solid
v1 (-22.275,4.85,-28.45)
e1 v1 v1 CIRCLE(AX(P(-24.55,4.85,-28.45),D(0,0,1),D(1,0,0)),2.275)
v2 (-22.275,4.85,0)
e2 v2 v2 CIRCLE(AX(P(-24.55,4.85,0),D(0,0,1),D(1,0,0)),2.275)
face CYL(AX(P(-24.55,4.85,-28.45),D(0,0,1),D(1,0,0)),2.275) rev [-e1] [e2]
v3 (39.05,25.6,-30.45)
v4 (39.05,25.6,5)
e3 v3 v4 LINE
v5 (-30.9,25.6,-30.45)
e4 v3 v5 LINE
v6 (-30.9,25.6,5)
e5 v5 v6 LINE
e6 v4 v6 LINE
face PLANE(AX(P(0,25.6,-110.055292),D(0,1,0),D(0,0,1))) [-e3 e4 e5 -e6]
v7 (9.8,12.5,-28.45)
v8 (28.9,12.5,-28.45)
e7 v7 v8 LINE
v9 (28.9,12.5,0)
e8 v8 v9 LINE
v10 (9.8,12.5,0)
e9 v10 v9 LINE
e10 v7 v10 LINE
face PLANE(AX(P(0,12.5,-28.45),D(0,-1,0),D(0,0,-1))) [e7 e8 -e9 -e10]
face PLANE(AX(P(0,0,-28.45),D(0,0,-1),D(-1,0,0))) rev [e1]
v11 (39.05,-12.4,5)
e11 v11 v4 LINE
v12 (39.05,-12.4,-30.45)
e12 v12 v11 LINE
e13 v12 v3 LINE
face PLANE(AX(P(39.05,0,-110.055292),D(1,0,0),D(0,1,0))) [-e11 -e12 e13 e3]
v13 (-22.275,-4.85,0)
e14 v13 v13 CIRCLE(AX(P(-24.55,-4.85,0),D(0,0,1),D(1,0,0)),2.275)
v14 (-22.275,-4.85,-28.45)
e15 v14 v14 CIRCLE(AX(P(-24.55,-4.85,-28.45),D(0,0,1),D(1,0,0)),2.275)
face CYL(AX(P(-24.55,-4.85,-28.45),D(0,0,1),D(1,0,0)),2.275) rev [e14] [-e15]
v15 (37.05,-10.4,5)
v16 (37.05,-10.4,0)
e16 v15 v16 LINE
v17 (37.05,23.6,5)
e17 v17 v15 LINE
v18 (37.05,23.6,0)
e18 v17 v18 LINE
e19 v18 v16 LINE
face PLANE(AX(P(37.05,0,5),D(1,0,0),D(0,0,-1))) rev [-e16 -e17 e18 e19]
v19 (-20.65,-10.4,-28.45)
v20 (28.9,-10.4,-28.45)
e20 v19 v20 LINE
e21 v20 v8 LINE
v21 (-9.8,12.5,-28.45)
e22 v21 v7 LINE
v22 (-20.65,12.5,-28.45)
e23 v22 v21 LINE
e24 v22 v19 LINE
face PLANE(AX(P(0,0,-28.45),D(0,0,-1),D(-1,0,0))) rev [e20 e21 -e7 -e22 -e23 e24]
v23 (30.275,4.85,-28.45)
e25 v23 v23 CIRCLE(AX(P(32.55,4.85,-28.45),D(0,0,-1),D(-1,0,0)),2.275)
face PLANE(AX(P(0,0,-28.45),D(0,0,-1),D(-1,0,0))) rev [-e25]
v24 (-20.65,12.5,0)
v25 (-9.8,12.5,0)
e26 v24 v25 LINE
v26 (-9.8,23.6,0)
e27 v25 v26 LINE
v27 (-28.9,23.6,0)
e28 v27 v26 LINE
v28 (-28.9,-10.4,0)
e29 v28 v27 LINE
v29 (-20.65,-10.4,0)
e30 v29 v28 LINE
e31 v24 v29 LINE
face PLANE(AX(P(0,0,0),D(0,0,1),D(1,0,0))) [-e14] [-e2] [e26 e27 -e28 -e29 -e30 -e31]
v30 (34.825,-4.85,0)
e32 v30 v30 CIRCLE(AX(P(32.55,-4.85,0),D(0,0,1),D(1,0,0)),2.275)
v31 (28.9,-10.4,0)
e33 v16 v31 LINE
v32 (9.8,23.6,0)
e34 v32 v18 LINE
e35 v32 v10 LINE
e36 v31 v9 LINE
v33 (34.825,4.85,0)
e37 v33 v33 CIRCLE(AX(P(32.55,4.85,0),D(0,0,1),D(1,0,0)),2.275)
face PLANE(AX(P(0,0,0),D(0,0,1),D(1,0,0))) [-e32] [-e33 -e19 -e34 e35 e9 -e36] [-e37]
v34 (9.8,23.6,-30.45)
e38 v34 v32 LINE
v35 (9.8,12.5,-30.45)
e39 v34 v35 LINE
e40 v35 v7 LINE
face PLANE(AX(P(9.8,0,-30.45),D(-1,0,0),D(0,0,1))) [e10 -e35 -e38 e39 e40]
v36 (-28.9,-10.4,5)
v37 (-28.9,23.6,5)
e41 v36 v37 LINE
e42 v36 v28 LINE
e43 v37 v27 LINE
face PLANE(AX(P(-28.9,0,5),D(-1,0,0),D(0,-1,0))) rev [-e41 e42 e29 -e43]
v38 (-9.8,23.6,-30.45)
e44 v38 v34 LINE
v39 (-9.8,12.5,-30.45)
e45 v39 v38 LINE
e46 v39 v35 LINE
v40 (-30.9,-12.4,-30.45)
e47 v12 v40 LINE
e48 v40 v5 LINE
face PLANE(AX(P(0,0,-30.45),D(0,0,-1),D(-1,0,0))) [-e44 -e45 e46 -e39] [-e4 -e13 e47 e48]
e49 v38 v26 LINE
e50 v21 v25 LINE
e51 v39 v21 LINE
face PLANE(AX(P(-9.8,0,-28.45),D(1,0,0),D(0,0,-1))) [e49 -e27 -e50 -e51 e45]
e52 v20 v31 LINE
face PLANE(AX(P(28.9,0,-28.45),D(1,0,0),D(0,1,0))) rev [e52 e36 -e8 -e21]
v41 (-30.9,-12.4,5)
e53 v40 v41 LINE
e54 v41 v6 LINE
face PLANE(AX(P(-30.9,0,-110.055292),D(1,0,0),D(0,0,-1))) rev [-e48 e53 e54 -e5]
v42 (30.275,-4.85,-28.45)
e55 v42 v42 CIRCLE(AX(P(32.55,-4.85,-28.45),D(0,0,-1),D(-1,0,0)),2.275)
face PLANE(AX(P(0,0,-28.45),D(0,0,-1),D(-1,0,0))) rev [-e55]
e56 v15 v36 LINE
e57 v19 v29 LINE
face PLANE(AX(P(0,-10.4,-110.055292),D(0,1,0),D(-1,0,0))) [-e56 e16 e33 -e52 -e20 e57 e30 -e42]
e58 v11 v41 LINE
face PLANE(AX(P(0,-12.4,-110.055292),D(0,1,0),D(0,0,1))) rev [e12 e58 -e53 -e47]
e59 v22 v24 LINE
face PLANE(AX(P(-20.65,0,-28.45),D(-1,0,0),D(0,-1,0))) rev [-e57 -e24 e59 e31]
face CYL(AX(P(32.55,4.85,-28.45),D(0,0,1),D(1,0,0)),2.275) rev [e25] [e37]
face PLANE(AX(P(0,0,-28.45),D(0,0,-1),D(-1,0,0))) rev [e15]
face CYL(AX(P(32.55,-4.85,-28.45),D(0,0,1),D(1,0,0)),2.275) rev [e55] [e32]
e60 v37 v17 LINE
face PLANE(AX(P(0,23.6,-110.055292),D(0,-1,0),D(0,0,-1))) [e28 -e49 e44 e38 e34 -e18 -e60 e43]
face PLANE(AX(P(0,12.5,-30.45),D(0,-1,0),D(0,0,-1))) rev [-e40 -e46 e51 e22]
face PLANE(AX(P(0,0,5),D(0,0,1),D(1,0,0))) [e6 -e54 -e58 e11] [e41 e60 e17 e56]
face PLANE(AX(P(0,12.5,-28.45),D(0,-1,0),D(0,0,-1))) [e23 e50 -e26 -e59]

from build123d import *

# Parameters (mm, degrees)
SKETCH1_W           = 8.25
SKETCH1_H           = 2.1
SKETCH1_H_2         = 20.8
SKETCH1_R           = 2.275
BOSS_EXTRUDE1_DEPTH = 28.45
BOSS_EXTRUDE2_START = -28.45
SKETCH1_4_W         = 8.25
SKETCH1_4_H         = 2.1
SKETCH1_4_H_2       = 20.8
SKETCH1_4_R         = 2.275
SKETCH1_4_W_2       = 40.9
SKETCH1_4_W_3       = 0.2
SKETCH1_4_W_4       = 8.45
SKETCH1_4_R_2       = 1.7
BOSS_EXTRUDE2_DEPTH = 2
SKETCH1_5_W         = 69.95
SKETCH1_5_H         = 38
BOSS_EXTRUDE3_DEPTH = 30.45
SKETCH1_6_W         = 69.95
SKETCH1_6_H         = 38
BOSS_EXTRUDE4_DEPTH = 5


with BuildPart() as part:
    # Sketch1 → Boss-Extrude1 (new body)
    # profile 1 of 5: a face of its own
    with BuildSketch(Plane.XY):
        Polygon((-28.9, 12.5), (-20.65, 12.5), (-9.8, 12.5), (-9.8, 23.6), (-28.9, 23.6), align=None)
    # profile 2 of 5: a face of its own
    with BuildSketch(Plane.XY):
        with Locations((-24.775, 11.45)):
            Rectangle(SKETCH1_W, SKETCH1_H)
    # profile 3 of 5: a face of its own
    with BuildSketch(Plane.XY):
        with Locations((-24.775, 0)):
            Rectangle(SKETCH1_W, SKETCH1_H_2)
        with Locations((-24.55, -4.85)):
            Circle(SKETCH1_R, mode=Mode.SUBTRACT)
        with Locations((-24.55, 4.85)):
            Circle(SKETCH1_R, mode=Mode.SUBTRACT)
    # profile 4 of 5: a face of its own
    with BuildSketch(Plane.XY):
        Polygon((9.8, 12.5), (20.45, 12.5), (28.9, 12.5), (37.05, 12.5), (37.05, 23.6), (9.8, 23.6), align=None)
    # profile 5 of 5: a face of its own
    with BuildSketch(Plane.XY):
        Polygon((28.9, 12.5), (28.9, 10.4), (28.9, -10.4), (37.05, -10.4), (37.05, 12.5), align=None)
        with Locations((32.55, -4.85)):
            Circle(SKETCH1_R, mode=Mode.SUBTRACT)
        with Locations((32.55, 4.85)):
            Circle(SKETCH1_R, mode=Mode.SUBTRACT)
    extrude(amount=-BOSS_EXTRUDE1_DEPTH)

    # Sketch1<4> → Boss-Extrude2 (add)
    # profile 1 of 16: a face of its own
    with BuildSketch(Plane.XY.offset(BOSS_EXTRUDE2_START)):
        Polygon((-28.9, 12.5), (-20.65, 12.5), (-9.8, 12.5), (-9.8, 23.6), (-28.9, 23.6), align=None)
    # profile 2 of 16: a face of its own
    with BuildSketch(Plane.XY.offset(BOSS_EXTRUDE2_START)):
        Polygon((9.8, 12.5), (20.45, 12.5), (28.9, 12.5), (37.05, 12.5), (37.05, 23.6), (9.8, 23.6), align=None)
    # profile 3 of 16: a face of its own
    with BuildSketch(Plane.XY.offset(BOSS_EXTRUDE2_START)):
        Polygon((-20.65, 10.4), (-20.45, 10.4), (20.45, 10.4), (20.45, 12.5), (9.8, 12.5), (-9.8, 12.5), (-20.65, 12.5), align=None)
    # profile 4 of 16: a face of its own
    with BuildSketch(Plane.XY.offset(BOSS_EXTRUDE2_START)):
        with Locations((-24.775, 11.45)):
            Rectangle(SKETCH1_4_W, SKETCH1_4_H)
    # profile 5 of 16: a face of its own
    with BuildSketch(Plane.XY.offset(BOSS_EXTRUDE2_START)):
        with Locations((-24.775, 0)):
            Rectangle(SKETCH1_4_W, SKETCH1_4_H_2)
        with Locations((-24.55, -4.85)):
            Circle(SKETCH1_4_R, mode=Mode.SUBTRACT)
        with Locations((-24.55, 4.85)):
            Circle(SKETCH1_4_R, mode=Mode.SUBTRACT)
    # profile 6 of 16: a face of its own
    with BuildSketch(Plane.XY.offset(BOSS_EXTRUDE2_START)):
        with Locations((-24.55, 4.85)):
            Circle(SKETCH1_4_R)
    # profile 7 of 16: a face of its own
    with BuildSketch(Plane.XY.offset(BOSS_EXTRUDE2_START)):
        with Locations((-24.55, -4.85)):
            Circle(SKETCH1_4_R)
    # profile 8 of 16: a face of its own
    with BuildSketch(Plane.XY.offset(BOSS_EXTRUDE2_START)):
        Rectangle(SKETCH1_4_W_2, SKETCH1_4_H_2)
    # profile 9 of 16: a face of its own
    with BuildSketch(Plane.XY.offset(BOSS_EXTRUDE2_START)):
        with Locations((-20.55, 0)):
            Rectangle(SKETCH1_4_W_3, SKETCH1_4_H_2)
    # profile 10 of 16: a face of its own
    with BuildSketch(Plane.XY.offset(BOSS_EXTRUDE2_START)):
        with Locations((24.675, 0)):
            Rectangle(SKETCH1_4_W_4, SKETCH1_4_H_2)
        with Locations((24.55, -4.85)):
            Circle(SKETCH1_4_R_2, mode=Mode.SUBTRACT)
        with Locations((24.55, 4.85)):
            Circle(SKETCH1_4_R_2, mode=Mode.SUBTRACT)
    # profile 11 of 16: a face of its own
    with BuildSketch(Plane.XY.offset(BOSS_EXTRUDE2_START)):
        with Locations((24.55, 4.85)):
            Circle(SKETCH1_4_R_2)
    # profile 12 of 16: a face of its own
    with BuildSketch(Plane.XY.offset(BOSS_EXTRUDE2_START)):
        with Locations((24.55, -4.85)):
            Circle(SKETCH1_4_R_2)
    # profile 13 of 16: a face of its own
    with BuildSketch(Plane.XY.offset(BOSS_EXTRUDE2_START)):
        with Locations((24.675, 11.45)):
            Rectangle(SKETCH1_4_W_4, SKETCH1_4_H)
    # profile 14 of 16: a face of its own
    with BuildSketch(Plane.XY.offset(BOSS_EXTRUDE2_START)):
        Polygon((28.9, 12.5), (28.9, 10.4), (28.9, -10.4), (37.05, -10.4), (37.05, 12.5), align=None)
        with Locations((32.55, -4.85)):
            Circle(SKETCH1_4_R, mode=Mode.SUBTRACT)
        with Locations((32.55, 4.85)):
            Circle(SKETCH1_4_R, mode=Mode.SUBTRACT)
    # profile 15 of 16: a face of its own
    with BuildSketch(Plane.XY.offset(BOSS_EXTRUDE2_START)):
        with Locations((32.55, 4.85)):
            Circle(SKETCH1_4_R)
    # profile 16 of 16: a face of its own
    with BuildSketch(Plane.XY.offset(BOSS_EXTRUDE2_START)):
        with Locations((32.55, -4.85)):
            Circle(SKETCH1_4_R)
    extrude(amount=-BOSS_EXTRUDE2_DEPTH)

    # Sketch1<5> → Boss-Extrude3 (add)
    with BuildSketch(Plane.XY):
        with Locations((4.075, 6.6)):
            Rectangle(SKETCH1_5_W, SKETCH1_5_H)
        Polygon((37.05, 23.6), (9.8, 23.6), (-9.8, 23.6), (-28.9, 23.6), (-28.9, 12.5), (-28.9, 10.4), (-28.9, -10.4), (28.9, -10.4), (37.05, -10.4), (37.05, 12.5), align=None, mode=Mode.SUBTRACT)
    extrude(amount=-BOSS_EXTRUDE3_DEPTH)

    # Sketch1<6> → Boss-Extrude4 (add)
    with BuildSketch(Plane.XY):
        with Locations((4.075, 6.6)):
            Rectangle(SKETCH1_6_W, SKETCH1_6_H)
        Polygon((37.05, 23.6), (9.8, 23.6), (-9.8, 23.6), (-28.9, 23.6), (-28.9, 12.5), (-28.9, 10.4), (-28.9, -10.4), (28.9, -10.4), (37.05, -10.4), (37.05, 12.5), align=None, mode=Mode.SUBTRACT)
    extrude(amount=BOSS_EXTRUDE4_DEPTH)


solid = part.part
